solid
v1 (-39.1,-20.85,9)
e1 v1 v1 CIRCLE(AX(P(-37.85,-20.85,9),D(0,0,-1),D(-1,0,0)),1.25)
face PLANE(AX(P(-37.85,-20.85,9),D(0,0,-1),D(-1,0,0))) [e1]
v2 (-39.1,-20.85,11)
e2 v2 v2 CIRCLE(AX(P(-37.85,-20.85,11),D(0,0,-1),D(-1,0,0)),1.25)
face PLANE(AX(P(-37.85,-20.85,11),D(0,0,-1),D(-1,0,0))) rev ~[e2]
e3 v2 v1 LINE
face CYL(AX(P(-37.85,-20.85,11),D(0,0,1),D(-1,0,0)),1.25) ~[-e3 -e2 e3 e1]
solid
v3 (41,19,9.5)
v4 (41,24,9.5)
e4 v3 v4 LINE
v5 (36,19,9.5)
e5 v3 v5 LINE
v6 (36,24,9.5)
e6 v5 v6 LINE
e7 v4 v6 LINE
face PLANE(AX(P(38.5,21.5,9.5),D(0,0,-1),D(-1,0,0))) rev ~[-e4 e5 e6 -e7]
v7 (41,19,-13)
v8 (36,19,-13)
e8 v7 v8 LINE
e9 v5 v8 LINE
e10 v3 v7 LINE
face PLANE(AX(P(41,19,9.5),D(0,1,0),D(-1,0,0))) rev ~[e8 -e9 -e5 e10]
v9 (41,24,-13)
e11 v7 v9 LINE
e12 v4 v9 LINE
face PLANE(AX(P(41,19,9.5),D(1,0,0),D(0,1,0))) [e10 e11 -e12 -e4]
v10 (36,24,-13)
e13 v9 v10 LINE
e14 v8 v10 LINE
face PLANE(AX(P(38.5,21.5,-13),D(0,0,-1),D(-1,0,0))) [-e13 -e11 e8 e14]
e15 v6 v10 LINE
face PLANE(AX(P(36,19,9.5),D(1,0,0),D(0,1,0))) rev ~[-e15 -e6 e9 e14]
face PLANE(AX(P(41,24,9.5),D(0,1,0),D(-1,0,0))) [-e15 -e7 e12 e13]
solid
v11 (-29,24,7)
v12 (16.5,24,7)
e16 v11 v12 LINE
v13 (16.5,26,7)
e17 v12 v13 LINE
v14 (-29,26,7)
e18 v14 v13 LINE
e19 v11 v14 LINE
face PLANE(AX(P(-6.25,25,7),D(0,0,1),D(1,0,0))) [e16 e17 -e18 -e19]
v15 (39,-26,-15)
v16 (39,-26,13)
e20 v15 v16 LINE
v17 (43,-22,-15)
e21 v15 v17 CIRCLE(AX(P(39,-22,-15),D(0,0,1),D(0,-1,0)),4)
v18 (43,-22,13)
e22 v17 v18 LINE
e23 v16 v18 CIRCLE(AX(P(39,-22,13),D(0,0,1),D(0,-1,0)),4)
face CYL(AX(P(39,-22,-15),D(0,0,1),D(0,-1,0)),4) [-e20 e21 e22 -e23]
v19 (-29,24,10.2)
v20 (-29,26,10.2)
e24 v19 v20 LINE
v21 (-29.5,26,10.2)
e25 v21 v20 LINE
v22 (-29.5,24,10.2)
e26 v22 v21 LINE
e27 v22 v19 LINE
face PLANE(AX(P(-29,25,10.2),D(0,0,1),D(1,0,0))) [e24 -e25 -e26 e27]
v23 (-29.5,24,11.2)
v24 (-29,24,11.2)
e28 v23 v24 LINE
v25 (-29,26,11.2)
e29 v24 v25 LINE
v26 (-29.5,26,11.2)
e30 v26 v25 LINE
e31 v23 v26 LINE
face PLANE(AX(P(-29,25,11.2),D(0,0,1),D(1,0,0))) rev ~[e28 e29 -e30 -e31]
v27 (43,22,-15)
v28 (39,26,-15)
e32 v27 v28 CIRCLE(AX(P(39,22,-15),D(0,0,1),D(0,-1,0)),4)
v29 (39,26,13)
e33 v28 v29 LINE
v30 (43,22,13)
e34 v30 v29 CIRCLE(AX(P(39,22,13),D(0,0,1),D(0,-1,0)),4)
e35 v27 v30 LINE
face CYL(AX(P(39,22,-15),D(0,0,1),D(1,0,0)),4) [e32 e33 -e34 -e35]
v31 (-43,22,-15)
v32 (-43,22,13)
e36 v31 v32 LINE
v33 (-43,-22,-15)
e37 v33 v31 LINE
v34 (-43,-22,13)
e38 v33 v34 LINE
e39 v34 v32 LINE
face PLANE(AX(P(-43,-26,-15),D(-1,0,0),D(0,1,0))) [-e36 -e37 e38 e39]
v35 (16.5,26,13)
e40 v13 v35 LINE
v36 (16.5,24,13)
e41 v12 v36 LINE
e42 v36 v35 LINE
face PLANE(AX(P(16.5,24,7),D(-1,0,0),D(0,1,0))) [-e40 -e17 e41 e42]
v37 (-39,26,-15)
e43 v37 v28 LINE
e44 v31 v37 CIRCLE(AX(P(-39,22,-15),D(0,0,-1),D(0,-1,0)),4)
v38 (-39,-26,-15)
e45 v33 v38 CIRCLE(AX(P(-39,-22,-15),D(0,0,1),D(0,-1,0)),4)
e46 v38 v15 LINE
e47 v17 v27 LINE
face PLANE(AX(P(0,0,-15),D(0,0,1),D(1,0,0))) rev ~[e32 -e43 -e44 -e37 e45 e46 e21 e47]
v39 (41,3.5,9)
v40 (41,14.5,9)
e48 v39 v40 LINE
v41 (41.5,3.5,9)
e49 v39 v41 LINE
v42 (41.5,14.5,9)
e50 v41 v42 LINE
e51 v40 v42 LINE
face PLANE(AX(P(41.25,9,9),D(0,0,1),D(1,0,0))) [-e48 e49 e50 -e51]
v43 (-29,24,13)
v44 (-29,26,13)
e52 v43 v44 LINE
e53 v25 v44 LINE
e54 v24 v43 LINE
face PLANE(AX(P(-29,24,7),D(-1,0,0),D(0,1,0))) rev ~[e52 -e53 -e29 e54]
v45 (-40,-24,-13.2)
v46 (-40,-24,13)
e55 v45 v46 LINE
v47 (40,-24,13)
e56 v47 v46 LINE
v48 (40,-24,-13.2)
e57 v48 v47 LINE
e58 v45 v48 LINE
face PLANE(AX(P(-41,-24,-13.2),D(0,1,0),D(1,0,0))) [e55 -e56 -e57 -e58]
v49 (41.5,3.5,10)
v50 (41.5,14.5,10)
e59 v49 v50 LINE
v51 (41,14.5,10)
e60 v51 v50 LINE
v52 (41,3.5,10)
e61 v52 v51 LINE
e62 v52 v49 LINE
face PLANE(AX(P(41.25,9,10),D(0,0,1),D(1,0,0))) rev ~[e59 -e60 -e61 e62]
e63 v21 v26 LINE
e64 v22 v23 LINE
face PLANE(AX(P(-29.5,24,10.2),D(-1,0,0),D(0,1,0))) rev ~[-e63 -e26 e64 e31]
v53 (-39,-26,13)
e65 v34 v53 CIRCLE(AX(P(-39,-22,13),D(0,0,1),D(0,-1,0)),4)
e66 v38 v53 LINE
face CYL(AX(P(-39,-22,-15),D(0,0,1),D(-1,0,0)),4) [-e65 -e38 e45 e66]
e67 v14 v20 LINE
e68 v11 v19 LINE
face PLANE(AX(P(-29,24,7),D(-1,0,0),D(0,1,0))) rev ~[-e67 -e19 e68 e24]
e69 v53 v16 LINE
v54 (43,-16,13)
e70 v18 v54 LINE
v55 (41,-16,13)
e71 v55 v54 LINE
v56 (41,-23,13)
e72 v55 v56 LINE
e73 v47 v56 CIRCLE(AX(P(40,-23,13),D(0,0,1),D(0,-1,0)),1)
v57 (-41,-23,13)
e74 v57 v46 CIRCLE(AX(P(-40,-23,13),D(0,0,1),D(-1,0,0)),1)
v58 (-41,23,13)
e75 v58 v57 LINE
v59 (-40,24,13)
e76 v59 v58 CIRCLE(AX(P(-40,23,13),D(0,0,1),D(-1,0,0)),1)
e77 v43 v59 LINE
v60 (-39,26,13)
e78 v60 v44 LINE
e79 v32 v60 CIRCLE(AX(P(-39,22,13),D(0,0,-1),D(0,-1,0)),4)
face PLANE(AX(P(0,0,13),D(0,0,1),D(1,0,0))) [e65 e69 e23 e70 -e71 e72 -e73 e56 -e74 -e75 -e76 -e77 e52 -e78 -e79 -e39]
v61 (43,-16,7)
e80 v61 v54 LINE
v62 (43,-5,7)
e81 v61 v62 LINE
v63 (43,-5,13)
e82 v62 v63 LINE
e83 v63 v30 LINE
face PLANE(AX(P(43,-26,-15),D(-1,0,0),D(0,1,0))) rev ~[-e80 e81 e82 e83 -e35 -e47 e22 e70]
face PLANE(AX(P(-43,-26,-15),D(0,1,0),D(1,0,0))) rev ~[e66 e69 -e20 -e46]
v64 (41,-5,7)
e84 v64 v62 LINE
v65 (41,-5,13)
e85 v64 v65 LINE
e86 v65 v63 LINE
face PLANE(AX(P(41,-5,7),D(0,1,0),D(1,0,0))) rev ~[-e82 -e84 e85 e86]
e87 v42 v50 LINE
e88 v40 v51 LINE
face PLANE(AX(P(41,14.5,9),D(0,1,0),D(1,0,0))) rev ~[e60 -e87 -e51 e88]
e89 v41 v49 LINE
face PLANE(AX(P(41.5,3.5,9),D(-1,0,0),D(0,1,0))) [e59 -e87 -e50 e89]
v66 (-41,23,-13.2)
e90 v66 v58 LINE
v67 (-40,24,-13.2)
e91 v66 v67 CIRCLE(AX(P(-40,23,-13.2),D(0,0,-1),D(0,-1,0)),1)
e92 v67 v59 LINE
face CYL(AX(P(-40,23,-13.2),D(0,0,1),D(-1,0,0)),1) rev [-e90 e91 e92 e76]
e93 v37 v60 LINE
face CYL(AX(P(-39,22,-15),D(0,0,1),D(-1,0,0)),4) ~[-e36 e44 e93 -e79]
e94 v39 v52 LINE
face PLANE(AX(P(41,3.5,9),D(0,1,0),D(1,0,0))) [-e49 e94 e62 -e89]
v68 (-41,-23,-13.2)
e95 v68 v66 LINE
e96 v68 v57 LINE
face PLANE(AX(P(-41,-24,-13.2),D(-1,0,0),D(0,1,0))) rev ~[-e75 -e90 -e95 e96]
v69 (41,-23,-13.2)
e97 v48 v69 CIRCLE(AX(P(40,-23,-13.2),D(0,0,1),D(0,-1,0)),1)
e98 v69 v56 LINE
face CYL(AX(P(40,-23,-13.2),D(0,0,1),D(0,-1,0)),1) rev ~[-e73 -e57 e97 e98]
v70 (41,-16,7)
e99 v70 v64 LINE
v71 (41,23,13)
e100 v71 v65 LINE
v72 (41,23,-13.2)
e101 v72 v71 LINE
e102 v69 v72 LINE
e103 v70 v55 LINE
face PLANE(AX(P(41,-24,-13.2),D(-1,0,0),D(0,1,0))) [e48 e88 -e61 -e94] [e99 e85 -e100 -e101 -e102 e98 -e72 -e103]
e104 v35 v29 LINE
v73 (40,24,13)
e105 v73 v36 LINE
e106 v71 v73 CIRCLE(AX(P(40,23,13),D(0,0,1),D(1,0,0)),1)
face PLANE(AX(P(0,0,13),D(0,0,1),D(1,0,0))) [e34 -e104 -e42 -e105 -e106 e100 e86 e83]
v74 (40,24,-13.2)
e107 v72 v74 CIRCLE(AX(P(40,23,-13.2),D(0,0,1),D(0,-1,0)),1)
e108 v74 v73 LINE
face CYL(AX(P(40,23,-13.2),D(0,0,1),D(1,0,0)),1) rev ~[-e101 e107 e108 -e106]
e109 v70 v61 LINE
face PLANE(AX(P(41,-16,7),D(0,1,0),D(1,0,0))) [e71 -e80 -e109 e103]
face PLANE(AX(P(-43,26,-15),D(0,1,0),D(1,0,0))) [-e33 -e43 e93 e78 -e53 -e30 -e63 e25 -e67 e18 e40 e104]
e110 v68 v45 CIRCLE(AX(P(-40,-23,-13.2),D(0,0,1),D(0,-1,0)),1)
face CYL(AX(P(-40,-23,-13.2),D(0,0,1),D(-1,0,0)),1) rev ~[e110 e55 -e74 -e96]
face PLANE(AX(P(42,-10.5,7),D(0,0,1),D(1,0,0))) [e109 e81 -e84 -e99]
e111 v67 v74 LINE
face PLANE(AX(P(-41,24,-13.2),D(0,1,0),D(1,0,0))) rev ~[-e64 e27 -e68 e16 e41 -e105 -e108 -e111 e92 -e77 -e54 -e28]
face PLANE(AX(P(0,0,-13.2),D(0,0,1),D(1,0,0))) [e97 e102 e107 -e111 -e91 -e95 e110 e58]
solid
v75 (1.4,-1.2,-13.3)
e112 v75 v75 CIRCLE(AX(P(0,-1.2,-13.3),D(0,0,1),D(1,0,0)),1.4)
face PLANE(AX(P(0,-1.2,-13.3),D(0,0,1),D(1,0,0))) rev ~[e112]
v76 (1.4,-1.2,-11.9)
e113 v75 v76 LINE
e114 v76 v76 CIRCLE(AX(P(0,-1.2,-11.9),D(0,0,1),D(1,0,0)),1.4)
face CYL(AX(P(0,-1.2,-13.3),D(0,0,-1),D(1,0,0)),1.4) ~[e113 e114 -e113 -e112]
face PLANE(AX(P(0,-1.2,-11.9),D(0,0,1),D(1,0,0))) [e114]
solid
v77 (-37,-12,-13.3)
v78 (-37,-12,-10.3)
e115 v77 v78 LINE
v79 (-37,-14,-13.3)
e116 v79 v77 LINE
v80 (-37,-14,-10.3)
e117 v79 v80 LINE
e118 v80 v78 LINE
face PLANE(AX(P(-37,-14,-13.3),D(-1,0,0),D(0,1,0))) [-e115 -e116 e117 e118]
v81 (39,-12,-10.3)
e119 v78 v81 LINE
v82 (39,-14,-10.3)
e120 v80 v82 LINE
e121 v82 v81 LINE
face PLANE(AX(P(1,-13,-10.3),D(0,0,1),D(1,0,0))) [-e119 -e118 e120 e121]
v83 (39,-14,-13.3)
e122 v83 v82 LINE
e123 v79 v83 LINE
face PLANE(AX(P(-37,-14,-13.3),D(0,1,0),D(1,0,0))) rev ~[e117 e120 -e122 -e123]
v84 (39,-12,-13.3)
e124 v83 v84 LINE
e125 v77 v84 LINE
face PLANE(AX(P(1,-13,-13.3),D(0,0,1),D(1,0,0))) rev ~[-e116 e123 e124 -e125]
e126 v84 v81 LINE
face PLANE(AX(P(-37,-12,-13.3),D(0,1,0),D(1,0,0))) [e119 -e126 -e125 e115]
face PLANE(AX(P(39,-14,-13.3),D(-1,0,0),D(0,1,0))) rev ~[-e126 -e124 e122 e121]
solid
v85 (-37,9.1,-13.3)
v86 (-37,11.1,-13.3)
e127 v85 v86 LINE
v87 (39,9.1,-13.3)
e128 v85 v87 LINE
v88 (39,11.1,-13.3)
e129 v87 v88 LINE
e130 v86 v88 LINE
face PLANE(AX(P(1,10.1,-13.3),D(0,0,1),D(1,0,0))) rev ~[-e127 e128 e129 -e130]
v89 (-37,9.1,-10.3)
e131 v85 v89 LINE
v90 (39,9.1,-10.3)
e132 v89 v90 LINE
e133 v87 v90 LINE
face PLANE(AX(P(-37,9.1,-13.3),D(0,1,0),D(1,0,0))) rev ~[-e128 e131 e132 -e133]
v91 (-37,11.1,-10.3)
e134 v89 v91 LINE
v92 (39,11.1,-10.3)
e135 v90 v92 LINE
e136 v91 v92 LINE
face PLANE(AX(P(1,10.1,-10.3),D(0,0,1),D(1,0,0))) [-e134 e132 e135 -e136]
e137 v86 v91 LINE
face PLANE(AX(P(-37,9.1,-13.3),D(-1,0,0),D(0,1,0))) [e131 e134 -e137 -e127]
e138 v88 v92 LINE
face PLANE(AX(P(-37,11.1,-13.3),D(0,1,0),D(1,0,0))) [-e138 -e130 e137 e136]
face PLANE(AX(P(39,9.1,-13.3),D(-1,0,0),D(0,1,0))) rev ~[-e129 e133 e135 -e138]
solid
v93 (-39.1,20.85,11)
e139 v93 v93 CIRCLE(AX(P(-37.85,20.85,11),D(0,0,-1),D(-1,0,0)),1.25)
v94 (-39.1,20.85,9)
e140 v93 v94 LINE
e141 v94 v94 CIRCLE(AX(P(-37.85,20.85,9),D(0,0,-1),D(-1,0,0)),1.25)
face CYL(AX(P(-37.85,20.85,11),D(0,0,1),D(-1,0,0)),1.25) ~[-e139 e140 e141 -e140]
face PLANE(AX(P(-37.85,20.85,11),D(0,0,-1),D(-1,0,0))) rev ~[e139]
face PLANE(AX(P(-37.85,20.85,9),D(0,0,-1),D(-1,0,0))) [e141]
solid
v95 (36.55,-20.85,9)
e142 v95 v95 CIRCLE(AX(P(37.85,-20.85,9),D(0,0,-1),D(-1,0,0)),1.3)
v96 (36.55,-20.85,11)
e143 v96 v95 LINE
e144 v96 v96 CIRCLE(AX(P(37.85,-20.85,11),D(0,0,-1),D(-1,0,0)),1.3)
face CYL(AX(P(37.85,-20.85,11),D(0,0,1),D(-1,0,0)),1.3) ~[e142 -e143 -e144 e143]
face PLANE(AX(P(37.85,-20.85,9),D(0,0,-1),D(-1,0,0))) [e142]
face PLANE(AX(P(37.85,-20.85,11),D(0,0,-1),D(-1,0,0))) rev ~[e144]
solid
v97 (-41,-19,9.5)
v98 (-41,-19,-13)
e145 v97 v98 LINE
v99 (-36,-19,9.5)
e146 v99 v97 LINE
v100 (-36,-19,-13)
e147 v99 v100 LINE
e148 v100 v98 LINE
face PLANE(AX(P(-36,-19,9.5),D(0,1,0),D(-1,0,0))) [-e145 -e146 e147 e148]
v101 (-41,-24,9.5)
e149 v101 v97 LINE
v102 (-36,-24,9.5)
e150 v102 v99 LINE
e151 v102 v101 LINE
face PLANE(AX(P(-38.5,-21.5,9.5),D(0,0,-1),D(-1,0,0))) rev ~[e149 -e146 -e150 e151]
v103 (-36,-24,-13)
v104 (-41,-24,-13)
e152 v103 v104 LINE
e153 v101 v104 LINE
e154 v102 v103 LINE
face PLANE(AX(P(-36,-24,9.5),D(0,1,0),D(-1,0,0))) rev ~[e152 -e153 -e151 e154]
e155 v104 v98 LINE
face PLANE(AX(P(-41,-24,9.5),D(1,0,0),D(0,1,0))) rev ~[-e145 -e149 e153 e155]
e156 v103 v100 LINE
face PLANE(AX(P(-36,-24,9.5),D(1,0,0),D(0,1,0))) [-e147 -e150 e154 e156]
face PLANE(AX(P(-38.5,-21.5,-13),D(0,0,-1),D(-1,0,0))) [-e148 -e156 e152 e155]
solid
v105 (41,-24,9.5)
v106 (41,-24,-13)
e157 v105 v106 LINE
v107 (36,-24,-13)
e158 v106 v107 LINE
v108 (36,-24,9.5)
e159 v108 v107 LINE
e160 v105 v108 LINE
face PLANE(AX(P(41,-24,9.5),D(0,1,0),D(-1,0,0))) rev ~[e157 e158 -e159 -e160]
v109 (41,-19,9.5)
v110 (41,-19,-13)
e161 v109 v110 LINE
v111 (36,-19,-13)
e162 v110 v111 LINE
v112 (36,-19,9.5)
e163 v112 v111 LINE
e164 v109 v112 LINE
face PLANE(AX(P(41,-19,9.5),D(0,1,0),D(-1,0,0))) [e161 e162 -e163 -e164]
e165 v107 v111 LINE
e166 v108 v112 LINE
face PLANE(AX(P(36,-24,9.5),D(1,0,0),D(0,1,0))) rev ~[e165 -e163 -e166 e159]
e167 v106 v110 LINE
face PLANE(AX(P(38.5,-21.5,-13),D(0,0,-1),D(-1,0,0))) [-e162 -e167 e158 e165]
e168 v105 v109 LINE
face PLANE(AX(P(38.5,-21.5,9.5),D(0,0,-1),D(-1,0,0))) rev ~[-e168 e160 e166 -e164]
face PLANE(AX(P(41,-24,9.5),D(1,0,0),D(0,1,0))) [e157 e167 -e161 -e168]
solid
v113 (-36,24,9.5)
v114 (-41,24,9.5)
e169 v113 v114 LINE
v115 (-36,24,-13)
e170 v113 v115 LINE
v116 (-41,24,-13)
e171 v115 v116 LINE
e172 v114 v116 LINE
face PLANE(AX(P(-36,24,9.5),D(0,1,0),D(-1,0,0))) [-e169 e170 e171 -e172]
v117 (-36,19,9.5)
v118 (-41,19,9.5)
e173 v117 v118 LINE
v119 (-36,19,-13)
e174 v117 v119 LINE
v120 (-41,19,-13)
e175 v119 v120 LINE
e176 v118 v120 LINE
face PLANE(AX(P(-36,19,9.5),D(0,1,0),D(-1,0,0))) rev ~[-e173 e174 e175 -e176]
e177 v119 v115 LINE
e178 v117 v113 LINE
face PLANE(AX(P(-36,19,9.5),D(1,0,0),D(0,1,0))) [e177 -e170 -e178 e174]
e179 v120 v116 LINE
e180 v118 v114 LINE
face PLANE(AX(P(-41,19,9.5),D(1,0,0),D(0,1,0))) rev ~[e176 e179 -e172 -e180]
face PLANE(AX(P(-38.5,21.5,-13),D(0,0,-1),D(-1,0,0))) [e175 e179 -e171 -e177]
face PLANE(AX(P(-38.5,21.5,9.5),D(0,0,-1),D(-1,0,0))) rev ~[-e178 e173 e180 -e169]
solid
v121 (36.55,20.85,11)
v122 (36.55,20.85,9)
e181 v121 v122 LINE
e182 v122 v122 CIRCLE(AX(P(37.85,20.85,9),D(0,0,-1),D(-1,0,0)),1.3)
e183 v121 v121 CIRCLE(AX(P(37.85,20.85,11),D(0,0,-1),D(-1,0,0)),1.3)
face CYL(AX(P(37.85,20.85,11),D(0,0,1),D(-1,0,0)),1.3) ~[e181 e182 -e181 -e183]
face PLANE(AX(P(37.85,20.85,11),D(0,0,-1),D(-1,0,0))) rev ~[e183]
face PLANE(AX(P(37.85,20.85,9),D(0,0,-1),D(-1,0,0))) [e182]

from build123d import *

# Parameters (mm, degrees)
BOX004_W          = 5
BOX004_H          = 5
BOX004_DEPTH      = 22.5
CYLINDER_R        = 1.25
CYLINDER_DEPTH    = 2
BOX006_W          = 5
BOX006_H          = 5
BOX006_DEPTH      = 22.5
BOX005_W          = 5
BOX005_H          = 5
BOX005_DEPTH      = 22.5
CYLINDER001_R     = 1.25
CYLINDER001_DEPTH = 2
BOX007_W          = 5
BOX007_H          = 5
BOX007_DEPTH      = 22.5
CYLINDER002_R     = 1.3
CYLINDER002_DEPTH = 2
CYLINDER003_R     = 1.3
CYLINDER003_DEPTH = 2
CYLINDER004_R     = 1.4
CYLINDER004_DEPTH = 1.4
BOX021_W          = 76
BOX021_H          = 2
BOX021_DEPTH      = 3
BOX020_W          = 76
BOX020_H          = 2
BOX020_DEPTH      = 3
BOX016_W          = 0.5
BOX016_H          = 11
BOX016_DEPTH      = 1
BOX015_W          = 2
BOX015_H          = 11
BOX015_DEPTH      = 6
BOX019_W          = 1
BOX019_H          = 2
BOX019_DEPTH      = 1
BOX014_W          = 45.5
BOX014_H          = 2
BOX014_DEPTH      = 6
BOX018_W          = 82
BOX018_H          = 48
BOX018_DEPTH      = 28
FILLET010_R       = 1
BOX017_W          = 86
BOX017_H          = 52
BOX017_DEPTH      = 28
FILLET009_R       = 4


with BuildPart() as column1:
    # Box004 → Box004 (new body)
    with BuildSketch(Plane(origin=(-36, 19, 9.5), x_dir=(-1, 0, 0), z_dir=(0, 0, -1))):
        with Locations((2.5, 2.5)):
            Rectangle(BOX004_W, BOX004_H)
    extrude(amount=BOX004_DEPTH)


with BuildPart() as cylinder:
    # Cylinder → Cylinder (new body)
    with BuildSketch(Plane(origin=(-37.85, 20.85, 11), x_dir=(-1, 0, 0), z_dir=(0, 0, -1))):
        Circle(CYLINDER_R)
    extrude(amount=CYLINDER_DEPTH)


with BuildPart() as column3:
    # Box006 → Box006 (new body)
    with BuildSketch(Plane(origin=(-36, -24, 9.5), x_dir=(-1, 0, 0), z_dir=(0, 0, -1))):
        with Locations((2.5, 2.5)):
            Rectangle(BOX006_W, BOX006_H)
    extrude(amount=BOX006_DEPTH)


with BuildPart() as column2:
    # Box005 → Box005 (new body)
    with BuildSketch(Plane(origin=(41, 19, 9.5), x_dir=(-1, 0, 0), z_dir=(0, 0, -1))):
        with Locations((2.5, 2.5)):
            Rectangle(BOX005_W, BOX005_H)
    extrude(amount=BOX005_DEPTH)


with BuildPart() as cylinder001:
    # Cylinder001 → Cylinder001 (new body)
    with BuildSketch(Plane(origin=(-37.85, -20.85, 11), x_dir=(-1, 0, 0), z_dir=(0, 0, -1))):
        Circle(CYLINDER001_R)
    extrude(amount=CYLINDER001_DEPTH)


with BuildPart() as column4:
    # Box007 → Box007 (new body)
    with BuildSketch(Plane(origin=(41, -24, 9.5), x_dir=(-1, 0, 0), z_dir=(0, 0, -1))):
        with Locations((2.5, 2.5)):
            Rectangle(BOX007_W, BOX007_H)
    extrude(amount=BOX007_DEPTH)


with BuildPart() as cylinder002:
    # Cylinder002 → Cylinder002 (new body)
    with BuildSketch(Plane(origin=(37.85, 20.85, 11), x_dir=(-1, 0, 0), z_dir=(0, 0, -1))):
        Circle(CYLINDER002_R)
    extrude(amount=CYLINDER002_DEPTH)


with BuildPart() as cylinder003:
    # Cylinder003 → Cylinder003 (new body)
    with BuildSketch(Plane(origin=(37.85, -20.85, 11), x_dir=(-1, 0, 0), z_dir=(0, 0, -1))):
        Circle(CYLINDER003_R)
    extrude(amount=CYLINDER003_DEPTH)


with BuildPart() as zylinder:
    # Cylinder004 → Cylinder004 (new body)
    with BuildSketch(Plane(origin=(0, -1.2, -13.3), x_dir=(1, 0, 0), z_dir=(0, 0, 1))):
        Circle(CYLINDER004_R)
    extrude(amount=CYLINDER004_DEPTH)


with BuildPart() as w_rfel010:
    # Box021 → Box021 (new body)
    with BuildSketch(Plane(origin=(-37, 9.1, -13.3), x_dir=(1, 0, 0), z_dir=(0, 0, 1))):
        with Locations((38, 1)):
            Rectangle(BOX021_W, BOX021_H)
    extrude(amount=BOX021_DEPTH)


with BuildPart() as w_rfel009:
    # Box020 → Box020 (new body)
    with BuildSketch(Plane(origin=(-37, -14, -13.3), x_dir=(1, 0, 0), z_dir=(0, 0, 1))):
        with Locations((38, 1)):
            Rectangle(BOX020_W, BOX020_H)
    extrude(amount=BOX020_DEPTH)


with BuildPart() as cliphole001:
    # Box016 → Box016 (new body)
    with BuildSketch(Plane(origin=(41, 3.5, 9), x_dir=(1, 0, 0), z_dir=(0, 0, 1))):
        with Locations((0.25, 5.5)):
            Rectangle(BOX016_W, BOX016_H)
    extrude(amount=BOX016_DEPTH)


with BuildPart() as usb_cut001:
    # Box015 → Box015 (new body)
    with BuildSketch(Plane(origin=(41, -16, 7), x_dir=(1, 0, 0), z_dir=(0, 0, 1))):
        with Locations((1, 5.5)):
            Rectangle(BOX015_W, BOX015_H)
    extrude(amount=BOX015_DEPTH)


with BuildPart() as lidholder:
    # Box019 → Box019 (new body)
    with BuildSketch(Plane(origin=(-29.5, 24, 10.2), x_dir=(1, 0, 0), z_dir=(0, 0, 1))):
        with Locations((0.5, 1)):
            Rectangle(BOX019_W, BOX019_H)
    extrude(amount=BOX019_DEPTH)


with BuildPart() as fusion:
    # Box014 → Box014 (new body)
    with BuildSketch(Plane(origin=(-29, 24, 7), x_dir=(1, 0, 0), z_dir=(0, 0, 1))):
        with Locations((22.75, 1)):
            Rectangle(BOX014_W, BOX014_H)
    extrude(amount=BOX014_DEPTH)

    # Fusion: union LidHolder
    add(lidholder.part)


with BuildPart() as fillet010:
    # Box018 → Box018 (new body)
    with BuildSketch(Plane(origin=(-41, -24, -15), x_dir=(1, 0, 0), z_dir=(0, 0, 1))):
        with Locations((41, 24)):
            Rectangle(BOX018_W, BOX018_H)
    extrude(amount=BOX018_DEPTH)

    # Fillet010
    fillet010_edges = [fillet010.edges().sort_by_distance(p)[0] for p in [
        (-41, -24, -1),
        (-41, 24, -1),
        (41, -24, -1),
        (41, 24, -1),
    ]]
    fillet(fillet010_edges, radius=FILLET010_R)


with BuildPart() as fillet010_1:
    # Fillet010 placement: moved
    add(fillet010.part.moved(Location((0, 0, 1.8))))


with BuildPart() as cut013:
    # Box017 → Box017 (new body)
    with BuildSketch(Plane(origin=(-43, -26, -15), x_dir=(1, 0, 0), z_dir=(0, 0, 1))):
        with Locations((43, 26)):
            Rectangle(BOX017_W, BOX017_H)
    extrude(amount=BOX017_DEPTH)

    # Fillet009
    fillet009_edges = [cut013.edges().sort_by_distance(p)[0] for p in [
        (-43, -26, -1),
        (-43, 26, -1),
        (43, -26, -1),
        (43, 26, -1),
    ]]
    fillet(fillet009_edges, radius=FILLET009_R)

    # Cut011: cut Fillet010
    add(fillet010_1.part, mode=Mode.SUBTRACT)

    # Cut: cut Fusion
    add(fusion.part, mode=Mode.SUBTRACT)

    # Cut012: cut USB Cut001
    add(usb_cut001.part, mode=Mode.SUBTRACT)

    # Cut013: cut Cliphole001
    add(cliphole001.part, mode=Mode.SUBTRACT)


solid = Compound([column1.part, cylinder.part, column3.part, column2.part, cylinder001.part, column4.part, cylinder002.part, cylinder003.part, zylinder.part, w_rfel010.part, w_rfel009.part, cut013.part])
